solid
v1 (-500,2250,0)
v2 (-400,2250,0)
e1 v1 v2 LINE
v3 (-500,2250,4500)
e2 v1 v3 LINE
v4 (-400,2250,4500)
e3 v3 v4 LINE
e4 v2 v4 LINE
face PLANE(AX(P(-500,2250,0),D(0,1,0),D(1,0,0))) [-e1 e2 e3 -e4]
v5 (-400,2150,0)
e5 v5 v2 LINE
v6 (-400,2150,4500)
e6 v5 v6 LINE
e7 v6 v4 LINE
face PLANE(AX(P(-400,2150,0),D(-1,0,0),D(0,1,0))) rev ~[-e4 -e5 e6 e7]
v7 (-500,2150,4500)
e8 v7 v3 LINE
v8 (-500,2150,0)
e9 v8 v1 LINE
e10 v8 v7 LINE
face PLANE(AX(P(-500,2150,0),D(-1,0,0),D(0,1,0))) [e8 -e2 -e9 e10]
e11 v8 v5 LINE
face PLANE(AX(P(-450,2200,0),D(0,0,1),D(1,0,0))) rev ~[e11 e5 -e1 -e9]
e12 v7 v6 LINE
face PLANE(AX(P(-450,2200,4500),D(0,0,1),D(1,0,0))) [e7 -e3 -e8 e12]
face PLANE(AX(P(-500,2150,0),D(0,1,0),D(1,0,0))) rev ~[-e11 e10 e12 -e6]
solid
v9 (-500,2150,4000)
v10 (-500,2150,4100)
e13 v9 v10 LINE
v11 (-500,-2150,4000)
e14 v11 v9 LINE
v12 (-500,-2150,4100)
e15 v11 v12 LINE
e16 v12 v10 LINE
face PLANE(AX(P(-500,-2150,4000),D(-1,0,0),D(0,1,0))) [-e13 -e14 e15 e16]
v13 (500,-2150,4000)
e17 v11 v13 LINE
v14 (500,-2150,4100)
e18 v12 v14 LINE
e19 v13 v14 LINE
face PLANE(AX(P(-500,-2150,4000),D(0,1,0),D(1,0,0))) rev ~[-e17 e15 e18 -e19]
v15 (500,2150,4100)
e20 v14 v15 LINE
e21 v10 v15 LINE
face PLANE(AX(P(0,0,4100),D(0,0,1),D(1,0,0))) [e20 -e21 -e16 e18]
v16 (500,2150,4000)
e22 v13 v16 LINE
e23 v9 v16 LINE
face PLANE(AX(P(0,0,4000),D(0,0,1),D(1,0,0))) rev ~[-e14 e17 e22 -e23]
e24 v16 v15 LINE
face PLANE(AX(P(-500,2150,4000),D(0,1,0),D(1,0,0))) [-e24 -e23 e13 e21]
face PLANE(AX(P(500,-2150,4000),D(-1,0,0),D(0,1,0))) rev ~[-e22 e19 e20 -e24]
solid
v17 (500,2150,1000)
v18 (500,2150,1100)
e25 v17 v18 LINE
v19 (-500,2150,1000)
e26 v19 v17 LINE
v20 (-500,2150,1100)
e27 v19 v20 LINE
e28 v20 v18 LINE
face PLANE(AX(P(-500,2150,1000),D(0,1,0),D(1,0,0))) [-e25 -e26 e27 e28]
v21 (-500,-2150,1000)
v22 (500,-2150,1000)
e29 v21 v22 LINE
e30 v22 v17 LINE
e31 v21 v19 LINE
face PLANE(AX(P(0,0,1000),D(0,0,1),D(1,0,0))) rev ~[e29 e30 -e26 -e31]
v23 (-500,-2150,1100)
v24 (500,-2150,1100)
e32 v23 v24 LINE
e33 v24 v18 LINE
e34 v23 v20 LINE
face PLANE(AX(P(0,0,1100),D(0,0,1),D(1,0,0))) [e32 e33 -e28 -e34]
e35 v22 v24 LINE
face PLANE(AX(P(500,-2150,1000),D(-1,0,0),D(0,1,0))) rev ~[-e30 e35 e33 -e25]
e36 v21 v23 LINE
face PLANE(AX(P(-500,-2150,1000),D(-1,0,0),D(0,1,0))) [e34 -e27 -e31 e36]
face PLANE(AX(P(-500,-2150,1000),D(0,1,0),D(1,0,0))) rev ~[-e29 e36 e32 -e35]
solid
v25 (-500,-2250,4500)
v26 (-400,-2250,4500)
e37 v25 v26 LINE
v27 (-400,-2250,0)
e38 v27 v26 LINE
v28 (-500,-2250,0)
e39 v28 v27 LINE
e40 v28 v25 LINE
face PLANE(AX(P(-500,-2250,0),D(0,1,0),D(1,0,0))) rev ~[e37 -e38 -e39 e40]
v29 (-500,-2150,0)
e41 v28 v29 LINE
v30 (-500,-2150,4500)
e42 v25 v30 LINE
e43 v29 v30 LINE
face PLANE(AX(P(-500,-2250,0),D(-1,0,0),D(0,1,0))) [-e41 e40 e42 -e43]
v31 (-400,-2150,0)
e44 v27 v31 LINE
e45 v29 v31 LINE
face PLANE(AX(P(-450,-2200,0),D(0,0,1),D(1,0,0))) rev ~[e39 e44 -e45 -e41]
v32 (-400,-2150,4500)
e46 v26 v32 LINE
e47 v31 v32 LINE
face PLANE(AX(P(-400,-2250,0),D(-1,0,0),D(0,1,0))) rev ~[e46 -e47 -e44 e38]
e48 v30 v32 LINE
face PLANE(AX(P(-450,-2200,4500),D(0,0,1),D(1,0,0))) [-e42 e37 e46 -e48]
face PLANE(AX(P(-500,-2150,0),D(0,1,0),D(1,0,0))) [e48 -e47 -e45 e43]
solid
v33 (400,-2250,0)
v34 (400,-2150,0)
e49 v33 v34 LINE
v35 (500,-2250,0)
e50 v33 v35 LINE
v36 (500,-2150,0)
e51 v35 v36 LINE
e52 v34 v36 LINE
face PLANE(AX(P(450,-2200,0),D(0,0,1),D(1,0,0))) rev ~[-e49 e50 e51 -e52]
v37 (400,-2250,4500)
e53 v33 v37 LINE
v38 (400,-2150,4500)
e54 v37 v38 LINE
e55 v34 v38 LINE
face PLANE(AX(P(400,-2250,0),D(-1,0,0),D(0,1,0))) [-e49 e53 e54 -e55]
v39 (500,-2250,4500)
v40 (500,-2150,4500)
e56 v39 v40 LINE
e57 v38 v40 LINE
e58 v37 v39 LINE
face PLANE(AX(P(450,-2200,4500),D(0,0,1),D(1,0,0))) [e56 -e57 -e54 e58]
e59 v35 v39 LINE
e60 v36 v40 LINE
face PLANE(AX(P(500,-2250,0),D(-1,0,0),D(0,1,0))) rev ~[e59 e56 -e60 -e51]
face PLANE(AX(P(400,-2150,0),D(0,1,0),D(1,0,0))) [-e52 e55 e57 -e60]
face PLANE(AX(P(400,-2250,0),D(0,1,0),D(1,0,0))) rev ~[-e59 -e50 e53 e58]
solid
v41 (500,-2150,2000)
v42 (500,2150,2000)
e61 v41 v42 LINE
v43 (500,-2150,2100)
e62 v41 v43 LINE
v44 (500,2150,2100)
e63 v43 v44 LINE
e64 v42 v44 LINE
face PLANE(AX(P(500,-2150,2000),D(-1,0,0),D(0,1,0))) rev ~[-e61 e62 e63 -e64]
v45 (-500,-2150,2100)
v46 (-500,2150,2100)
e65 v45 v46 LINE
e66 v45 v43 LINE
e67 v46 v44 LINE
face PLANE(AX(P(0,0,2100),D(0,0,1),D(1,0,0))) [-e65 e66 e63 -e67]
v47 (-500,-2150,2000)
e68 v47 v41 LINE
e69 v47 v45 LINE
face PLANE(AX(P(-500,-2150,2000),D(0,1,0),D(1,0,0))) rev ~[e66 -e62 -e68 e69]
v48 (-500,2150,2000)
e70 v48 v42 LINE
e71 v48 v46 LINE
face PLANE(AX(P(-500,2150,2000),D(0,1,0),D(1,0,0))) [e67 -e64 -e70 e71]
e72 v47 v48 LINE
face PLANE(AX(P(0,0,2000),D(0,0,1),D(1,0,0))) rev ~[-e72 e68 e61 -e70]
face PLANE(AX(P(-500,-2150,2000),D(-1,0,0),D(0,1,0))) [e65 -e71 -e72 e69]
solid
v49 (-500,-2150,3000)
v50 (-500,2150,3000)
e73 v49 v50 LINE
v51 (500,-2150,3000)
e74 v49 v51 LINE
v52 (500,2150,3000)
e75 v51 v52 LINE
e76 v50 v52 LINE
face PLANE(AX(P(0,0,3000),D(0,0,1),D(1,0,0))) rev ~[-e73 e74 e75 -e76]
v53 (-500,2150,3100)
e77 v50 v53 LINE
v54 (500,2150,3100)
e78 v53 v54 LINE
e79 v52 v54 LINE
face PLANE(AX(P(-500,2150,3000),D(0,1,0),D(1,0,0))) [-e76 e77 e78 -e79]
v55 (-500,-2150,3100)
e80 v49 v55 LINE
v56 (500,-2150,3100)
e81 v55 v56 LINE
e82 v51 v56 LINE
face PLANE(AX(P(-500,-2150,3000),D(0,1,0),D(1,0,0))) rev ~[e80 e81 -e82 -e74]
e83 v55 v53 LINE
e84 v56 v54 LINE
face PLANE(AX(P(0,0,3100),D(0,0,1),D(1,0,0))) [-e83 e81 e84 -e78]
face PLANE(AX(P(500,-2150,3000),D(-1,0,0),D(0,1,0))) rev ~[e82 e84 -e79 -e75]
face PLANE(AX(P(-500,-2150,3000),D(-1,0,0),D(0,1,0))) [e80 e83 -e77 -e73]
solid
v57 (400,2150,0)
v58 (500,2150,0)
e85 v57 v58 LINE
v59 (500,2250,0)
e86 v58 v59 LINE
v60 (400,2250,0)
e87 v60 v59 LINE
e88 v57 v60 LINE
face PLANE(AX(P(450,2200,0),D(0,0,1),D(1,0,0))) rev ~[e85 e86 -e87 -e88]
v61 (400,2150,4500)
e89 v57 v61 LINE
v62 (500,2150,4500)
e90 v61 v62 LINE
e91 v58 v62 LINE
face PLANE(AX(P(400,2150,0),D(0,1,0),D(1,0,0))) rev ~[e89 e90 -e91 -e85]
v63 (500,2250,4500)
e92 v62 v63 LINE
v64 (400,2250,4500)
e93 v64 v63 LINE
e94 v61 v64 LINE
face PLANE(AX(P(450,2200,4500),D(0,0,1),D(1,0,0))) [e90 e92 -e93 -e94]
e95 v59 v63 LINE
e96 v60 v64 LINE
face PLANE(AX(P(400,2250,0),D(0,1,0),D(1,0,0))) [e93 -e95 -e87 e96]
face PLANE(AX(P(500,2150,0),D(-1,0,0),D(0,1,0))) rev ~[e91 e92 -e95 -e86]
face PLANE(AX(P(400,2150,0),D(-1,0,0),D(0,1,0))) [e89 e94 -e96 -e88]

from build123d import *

# Parameters (mm, degrees)
F0_W      = 100
F0_H      = 100
F9_DEPTH  = 4500
F5_W      = 1000
F5_H      = 4300
F10_DEPTH = 100
F6_W      = 1000
F6_H      = 4300
F11_DEPTH = 100
F7_W      = 1000
F7_H      = 4300
F12_DEPTH = 100
F8_W      = 1000
F8_H      = 4300
F13_DEPTH = 100


with BuildPart() as f9:
    # F0 (on Top) → F9 (new body)
    with BuildSketch(Plane.XY):
        with Locations((-450, 2200)):
            Rectangle(F0_W, F0_H)
        with Locations((450, 2200)):
            Rectangle(F0_W, F0_H)
        with Locations((-450, -2200)):
            Rectangle(F0_W, F0_H)
        with Locations((450, -2200)):
            Rectangle(F0_W, F0_H)
    extrude(amount=F9_DEPTH)


with BuildPart() as f10:
    # F5 (on offset) → F10 (new body)
    with BuildSketch(Plane.XY.offset(1000)):
        Rectangle(F5_W, F5_H)
    extrude(amount=F10_DEPTH)


with BuildPart() as f11:
    # F6 (on offset) → F11 (new body)
    with BuildSketch(Plane.XY.offset(2000)):
        Rectangle(F6_W, F6_H)
    extrude(amount=F11_DEPTH)


with BuildPart() as f12:
    # F7 (on offset) → F12 (new body)
    with BuildSketch(Plane.XY.offset(3000)):
        Rectangle(F7_W, F7_H)
    extrude(amount=F12_DEPTH)


with BuildPart() as f13:
    # F8 (on offset) → F13 (new body)
    with BuildSketch(Plane.XY.offset(4000)):
        Rectangle(F8_W, F8_H)
    extrude(amount=F13_DEPTH)


solid = Compound([f9.part, f10.part, f11.part, f12.part, f13.part])
